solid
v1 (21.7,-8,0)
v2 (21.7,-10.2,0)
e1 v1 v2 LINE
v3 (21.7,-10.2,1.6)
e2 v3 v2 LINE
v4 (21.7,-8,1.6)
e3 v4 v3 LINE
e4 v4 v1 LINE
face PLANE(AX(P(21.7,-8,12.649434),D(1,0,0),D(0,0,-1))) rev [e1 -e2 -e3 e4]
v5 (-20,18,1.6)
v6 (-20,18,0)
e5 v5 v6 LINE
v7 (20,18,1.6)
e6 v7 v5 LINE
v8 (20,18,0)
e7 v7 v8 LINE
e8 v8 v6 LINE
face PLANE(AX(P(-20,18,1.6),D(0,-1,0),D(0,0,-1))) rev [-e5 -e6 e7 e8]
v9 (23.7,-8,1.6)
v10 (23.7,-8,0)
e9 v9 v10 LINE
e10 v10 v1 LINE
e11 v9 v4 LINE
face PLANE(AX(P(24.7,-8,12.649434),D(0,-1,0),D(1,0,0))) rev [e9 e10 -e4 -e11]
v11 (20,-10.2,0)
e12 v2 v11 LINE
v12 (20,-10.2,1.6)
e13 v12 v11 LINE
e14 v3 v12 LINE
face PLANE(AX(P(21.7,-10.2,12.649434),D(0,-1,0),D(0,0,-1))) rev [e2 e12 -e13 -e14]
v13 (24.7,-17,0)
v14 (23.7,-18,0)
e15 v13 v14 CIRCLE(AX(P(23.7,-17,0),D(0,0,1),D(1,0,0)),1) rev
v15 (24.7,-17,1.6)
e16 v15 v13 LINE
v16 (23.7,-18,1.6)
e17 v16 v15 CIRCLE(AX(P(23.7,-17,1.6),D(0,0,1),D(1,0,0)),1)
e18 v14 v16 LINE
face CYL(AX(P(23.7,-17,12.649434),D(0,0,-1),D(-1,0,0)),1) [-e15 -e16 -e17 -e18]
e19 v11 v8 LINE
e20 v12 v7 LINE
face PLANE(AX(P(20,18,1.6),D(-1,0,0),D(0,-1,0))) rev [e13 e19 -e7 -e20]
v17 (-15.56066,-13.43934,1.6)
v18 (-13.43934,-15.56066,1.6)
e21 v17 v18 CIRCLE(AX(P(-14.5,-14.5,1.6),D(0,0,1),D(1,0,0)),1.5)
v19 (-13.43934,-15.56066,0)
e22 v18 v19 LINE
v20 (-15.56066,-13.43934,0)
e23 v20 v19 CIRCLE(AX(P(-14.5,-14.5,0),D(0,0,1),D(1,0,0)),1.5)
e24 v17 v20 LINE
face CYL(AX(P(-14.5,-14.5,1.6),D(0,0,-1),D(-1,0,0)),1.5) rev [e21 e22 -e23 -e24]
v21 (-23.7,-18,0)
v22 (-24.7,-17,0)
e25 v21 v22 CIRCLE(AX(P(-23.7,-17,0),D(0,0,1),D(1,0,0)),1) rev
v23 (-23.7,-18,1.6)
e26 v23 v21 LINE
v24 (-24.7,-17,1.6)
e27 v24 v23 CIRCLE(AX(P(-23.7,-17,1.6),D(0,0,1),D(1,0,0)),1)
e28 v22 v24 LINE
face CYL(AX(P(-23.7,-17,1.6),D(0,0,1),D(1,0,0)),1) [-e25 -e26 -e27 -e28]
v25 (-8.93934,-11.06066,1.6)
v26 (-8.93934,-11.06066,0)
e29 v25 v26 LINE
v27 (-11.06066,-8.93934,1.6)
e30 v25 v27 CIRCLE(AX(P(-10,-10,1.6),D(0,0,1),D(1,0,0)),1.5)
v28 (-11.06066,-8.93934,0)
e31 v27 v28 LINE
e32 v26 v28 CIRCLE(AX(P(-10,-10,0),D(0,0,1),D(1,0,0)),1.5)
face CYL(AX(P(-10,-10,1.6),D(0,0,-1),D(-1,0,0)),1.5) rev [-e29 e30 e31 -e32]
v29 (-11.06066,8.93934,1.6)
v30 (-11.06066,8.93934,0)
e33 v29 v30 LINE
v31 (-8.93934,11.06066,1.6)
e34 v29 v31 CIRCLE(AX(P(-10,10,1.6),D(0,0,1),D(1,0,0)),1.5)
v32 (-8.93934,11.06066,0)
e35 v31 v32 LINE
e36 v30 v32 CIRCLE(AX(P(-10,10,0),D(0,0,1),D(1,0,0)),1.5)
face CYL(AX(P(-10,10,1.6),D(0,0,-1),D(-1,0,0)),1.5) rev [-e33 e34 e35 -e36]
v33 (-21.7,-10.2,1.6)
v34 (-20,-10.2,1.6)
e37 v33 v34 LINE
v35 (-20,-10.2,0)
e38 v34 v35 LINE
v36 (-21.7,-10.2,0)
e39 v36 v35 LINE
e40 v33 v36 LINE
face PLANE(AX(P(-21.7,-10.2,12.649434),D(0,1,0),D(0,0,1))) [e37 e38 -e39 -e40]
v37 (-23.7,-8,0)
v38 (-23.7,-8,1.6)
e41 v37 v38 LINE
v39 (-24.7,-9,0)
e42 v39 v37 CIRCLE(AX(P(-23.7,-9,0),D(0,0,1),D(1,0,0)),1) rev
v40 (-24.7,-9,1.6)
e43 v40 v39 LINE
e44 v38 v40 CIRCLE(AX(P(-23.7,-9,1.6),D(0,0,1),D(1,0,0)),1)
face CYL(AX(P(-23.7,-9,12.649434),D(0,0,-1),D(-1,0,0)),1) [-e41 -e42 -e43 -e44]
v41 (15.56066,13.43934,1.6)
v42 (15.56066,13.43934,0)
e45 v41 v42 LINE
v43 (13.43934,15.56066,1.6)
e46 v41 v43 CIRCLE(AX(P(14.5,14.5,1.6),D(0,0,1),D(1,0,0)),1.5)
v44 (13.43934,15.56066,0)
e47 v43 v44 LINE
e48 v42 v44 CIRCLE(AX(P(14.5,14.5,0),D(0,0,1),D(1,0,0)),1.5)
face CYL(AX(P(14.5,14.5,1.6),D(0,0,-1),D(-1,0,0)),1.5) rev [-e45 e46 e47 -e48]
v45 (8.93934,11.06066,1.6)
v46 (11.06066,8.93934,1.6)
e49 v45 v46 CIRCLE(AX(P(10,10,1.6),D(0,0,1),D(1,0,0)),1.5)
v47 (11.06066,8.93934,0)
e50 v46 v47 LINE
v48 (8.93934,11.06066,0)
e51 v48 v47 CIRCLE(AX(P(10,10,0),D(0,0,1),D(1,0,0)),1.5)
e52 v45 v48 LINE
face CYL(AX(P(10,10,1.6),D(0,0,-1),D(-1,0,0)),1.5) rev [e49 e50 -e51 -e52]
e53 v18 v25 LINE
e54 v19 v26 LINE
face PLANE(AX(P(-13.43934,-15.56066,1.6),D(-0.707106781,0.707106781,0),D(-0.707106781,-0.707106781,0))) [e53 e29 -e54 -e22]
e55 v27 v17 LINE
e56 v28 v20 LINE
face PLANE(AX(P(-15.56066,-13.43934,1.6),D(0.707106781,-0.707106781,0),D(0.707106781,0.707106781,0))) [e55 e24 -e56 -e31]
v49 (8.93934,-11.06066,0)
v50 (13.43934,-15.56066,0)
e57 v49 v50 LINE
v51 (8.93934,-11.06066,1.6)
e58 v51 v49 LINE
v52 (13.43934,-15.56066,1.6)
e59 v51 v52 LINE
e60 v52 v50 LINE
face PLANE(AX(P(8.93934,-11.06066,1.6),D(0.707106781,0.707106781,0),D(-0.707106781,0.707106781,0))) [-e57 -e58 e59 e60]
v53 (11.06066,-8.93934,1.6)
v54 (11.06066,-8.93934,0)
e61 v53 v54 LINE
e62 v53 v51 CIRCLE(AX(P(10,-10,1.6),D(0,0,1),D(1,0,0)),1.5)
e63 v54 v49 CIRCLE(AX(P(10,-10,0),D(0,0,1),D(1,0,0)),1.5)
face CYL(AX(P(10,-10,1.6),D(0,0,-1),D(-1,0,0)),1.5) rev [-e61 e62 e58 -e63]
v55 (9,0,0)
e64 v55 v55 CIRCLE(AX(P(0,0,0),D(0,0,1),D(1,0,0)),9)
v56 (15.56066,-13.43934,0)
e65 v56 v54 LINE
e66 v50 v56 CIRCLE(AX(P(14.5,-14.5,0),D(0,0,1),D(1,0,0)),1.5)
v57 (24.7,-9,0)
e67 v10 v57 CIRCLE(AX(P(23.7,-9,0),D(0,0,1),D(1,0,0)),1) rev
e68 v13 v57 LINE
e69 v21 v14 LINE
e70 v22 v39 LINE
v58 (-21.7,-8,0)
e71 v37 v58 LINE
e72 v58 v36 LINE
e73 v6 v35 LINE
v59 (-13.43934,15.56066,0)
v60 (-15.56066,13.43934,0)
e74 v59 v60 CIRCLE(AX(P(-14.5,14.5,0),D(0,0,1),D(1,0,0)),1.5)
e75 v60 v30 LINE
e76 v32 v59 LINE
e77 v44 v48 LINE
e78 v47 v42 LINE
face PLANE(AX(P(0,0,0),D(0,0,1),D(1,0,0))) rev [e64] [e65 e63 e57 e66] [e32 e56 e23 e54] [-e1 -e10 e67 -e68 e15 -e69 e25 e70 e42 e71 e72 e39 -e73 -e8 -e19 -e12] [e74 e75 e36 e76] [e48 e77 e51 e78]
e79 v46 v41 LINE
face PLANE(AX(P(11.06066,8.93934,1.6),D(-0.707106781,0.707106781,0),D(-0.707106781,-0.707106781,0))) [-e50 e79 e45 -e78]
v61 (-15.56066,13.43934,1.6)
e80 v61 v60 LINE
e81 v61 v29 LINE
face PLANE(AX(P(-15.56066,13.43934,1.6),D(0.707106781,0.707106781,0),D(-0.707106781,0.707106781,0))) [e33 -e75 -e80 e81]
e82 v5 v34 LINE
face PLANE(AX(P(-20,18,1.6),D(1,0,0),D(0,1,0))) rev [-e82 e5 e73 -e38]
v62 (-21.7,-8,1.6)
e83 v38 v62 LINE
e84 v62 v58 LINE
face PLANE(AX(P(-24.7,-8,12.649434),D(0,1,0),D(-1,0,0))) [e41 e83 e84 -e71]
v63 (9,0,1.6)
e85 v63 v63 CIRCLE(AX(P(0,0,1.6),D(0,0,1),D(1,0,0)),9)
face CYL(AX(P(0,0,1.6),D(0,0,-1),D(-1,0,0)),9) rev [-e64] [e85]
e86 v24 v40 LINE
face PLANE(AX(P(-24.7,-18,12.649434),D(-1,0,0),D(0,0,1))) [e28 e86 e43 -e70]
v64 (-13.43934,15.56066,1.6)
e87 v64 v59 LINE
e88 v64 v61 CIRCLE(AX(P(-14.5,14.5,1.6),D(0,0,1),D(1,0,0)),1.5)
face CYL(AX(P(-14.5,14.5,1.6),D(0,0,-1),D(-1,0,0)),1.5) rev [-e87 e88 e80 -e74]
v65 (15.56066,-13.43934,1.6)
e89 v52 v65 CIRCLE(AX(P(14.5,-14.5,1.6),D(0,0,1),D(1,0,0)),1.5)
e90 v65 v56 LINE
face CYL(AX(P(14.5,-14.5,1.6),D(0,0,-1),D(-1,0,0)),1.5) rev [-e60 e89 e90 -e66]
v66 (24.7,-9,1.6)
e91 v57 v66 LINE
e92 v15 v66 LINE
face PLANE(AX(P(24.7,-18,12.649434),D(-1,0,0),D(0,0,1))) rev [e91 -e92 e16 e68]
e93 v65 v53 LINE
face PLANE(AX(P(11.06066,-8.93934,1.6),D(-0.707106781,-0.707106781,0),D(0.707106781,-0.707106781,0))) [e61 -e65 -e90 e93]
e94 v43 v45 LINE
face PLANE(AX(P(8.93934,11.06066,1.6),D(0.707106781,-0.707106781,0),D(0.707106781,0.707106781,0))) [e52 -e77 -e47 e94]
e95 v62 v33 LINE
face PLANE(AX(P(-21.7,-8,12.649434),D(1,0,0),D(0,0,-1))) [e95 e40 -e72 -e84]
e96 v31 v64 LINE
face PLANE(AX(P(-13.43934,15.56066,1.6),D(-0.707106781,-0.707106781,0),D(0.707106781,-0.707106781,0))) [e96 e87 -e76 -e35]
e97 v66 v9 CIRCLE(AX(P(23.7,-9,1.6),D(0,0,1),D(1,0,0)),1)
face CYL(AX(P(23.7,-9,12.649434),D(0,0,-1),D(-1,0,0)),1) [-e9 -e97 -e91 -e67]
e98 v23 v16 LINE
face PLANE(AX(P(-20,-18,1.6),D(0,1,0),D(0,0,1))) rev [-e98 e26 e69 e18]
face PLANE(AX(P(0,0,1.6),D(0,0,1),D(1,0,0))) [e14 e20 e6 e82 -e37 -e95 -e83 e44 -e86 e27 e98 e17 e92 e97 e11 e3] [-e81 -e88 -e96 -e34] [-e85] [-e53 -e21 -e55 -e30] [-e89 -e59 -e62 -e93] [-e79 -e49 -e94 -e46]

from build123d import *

# Parameters (mm, degrees)
SKETCH1_W           = 40
SKETCH1_H           = 36
BOSS_EXTRUDE1_DEPTH = 1.6
LENSE_HOLE_R        = 9
CUT_EXTRUDE1_DEPTH  = 27.954776942
CUT_EXTRUDE2_DEPTH  = 27.954776942
BOSS_EXTRUDE2_DEPTH = 1.6
FILLET1_R           = 1


with BuildPart() as part:
    # Sketch1 → Boss-Extrude1 (new body)
    with BuildSketch(Plane.XY):
        Rectangle(SKETCH1_W, SKETCH1_H)
    extrude(amount=BOSS_EXTRUDE1_DEPTH)

    # lense hole → Cut-Extrude1 (cut, through all)
    with BuildSketch(Plane.XY):
        Circle(LENSE_HOLE_R)
    extrude(amount=CUT_EXTRUDE1_DEPTH, mode=Mode.SUBTRACT)

    # Sketch4 → Cut-Extrude2 (cut, through all)
    with BuildSketch(Plane.XY):
        with BuildLine():
            Line((-13.439339828, 15.560660172), (-8.939339828, 11.060660172))
            ThreePointArc((-8.939339828, 11.060660172), (-8.939339828, 8.939339828), (-11.060660172, 8.939339828))
            Line((-11.060660172, 8.939339828), (-15.560660172, 13.439339828))
            ThreePointArc((-15.560660172, 13.439339828), (-15.560660172, 15.560660172), (-13.439339828, 15.560660172))
        make_face()
        with BuildLine():
            Line((8.939339828, 11.060660172), (13.439339828, 15.560660172))
            ThreePointArc((13.439339828, 15.560660172), (15.560660172, 15.560660172), (15.560660172, 13.439339828))
            Line((15.560660172, 13.439339828), (11.060660172, 8.939339828))
            ThreePointArc((11.060660172, 8.939339828), (8.939339828, 8.939339828), (8.939339828, 11.060660172))
        make_face()
        with BuildLine():
            Line((11.060660172, -8.939339828), (15.560660172, -13.439339828))
            ThreePointArc((15.560660172, -13.439339828), (15.560660172, -15.560660172), (13.439339828, -15.560660172))
            Line((13.439339828, -15.560660172), (8.939339828, -11.060660172))
            ThreePointArc((8.939339828, -11.060660172), (8.939339828, -8.939339828), (11.060660172, -8.939339828))
        make_face()
        with BuildLine():
            Line((-15.560660172, -13.439339828), (-11.060660172, -8.939339828))
            ThreePointArc((-11.060660172, -8.939339828), (-8.939339828, -8.939339828), (-8.939339828, -11.060660172))
            Line((-8.939339828, -11.060660172), (-13.439339828, -15.560660172))
            ThreePointArc((-13.439339828, -15.560660172), (-15.560660172, -15.560660172), (-15.560660172, -13.439339828))
        make_face()
    extrude(amount=CUT_EXTRUDE2_DEPTH, mode=Mode.SUBTRACT)

    # Sketch5 → Boss-Extrude2 (add)
    with BuildSketch(Plane.XY):
        Polygon((20, -18), (24.7, -18), (24.7, -8), (21.7, -8), (21.7, -10.2), (20, -10.2), align=None)
    boss_extrude2 = extrude(amount=BOSS_EXTRUDE2_DEPTH)

    # Mirror1: Boss-Extrude2 across plane
    add(boss_extrude2.mirror(Plane(origin=(0, 0, 0), x_dir=(0, 0, 1), z_dir=(1, 0, 0))))

    # Fillet1
    fillet1_edges = [part.edges().sort_by_distance(p)[0] for p in [
        (24.7, -18, 0.8),
        (24.7, -8, 0.8),
        (-24.7, -18, 0.8),
        (-24.7, -8, 0.8),
    ]]
    fillet(fillet1_edges, radius=FILLET1_R)


solid = part.part
